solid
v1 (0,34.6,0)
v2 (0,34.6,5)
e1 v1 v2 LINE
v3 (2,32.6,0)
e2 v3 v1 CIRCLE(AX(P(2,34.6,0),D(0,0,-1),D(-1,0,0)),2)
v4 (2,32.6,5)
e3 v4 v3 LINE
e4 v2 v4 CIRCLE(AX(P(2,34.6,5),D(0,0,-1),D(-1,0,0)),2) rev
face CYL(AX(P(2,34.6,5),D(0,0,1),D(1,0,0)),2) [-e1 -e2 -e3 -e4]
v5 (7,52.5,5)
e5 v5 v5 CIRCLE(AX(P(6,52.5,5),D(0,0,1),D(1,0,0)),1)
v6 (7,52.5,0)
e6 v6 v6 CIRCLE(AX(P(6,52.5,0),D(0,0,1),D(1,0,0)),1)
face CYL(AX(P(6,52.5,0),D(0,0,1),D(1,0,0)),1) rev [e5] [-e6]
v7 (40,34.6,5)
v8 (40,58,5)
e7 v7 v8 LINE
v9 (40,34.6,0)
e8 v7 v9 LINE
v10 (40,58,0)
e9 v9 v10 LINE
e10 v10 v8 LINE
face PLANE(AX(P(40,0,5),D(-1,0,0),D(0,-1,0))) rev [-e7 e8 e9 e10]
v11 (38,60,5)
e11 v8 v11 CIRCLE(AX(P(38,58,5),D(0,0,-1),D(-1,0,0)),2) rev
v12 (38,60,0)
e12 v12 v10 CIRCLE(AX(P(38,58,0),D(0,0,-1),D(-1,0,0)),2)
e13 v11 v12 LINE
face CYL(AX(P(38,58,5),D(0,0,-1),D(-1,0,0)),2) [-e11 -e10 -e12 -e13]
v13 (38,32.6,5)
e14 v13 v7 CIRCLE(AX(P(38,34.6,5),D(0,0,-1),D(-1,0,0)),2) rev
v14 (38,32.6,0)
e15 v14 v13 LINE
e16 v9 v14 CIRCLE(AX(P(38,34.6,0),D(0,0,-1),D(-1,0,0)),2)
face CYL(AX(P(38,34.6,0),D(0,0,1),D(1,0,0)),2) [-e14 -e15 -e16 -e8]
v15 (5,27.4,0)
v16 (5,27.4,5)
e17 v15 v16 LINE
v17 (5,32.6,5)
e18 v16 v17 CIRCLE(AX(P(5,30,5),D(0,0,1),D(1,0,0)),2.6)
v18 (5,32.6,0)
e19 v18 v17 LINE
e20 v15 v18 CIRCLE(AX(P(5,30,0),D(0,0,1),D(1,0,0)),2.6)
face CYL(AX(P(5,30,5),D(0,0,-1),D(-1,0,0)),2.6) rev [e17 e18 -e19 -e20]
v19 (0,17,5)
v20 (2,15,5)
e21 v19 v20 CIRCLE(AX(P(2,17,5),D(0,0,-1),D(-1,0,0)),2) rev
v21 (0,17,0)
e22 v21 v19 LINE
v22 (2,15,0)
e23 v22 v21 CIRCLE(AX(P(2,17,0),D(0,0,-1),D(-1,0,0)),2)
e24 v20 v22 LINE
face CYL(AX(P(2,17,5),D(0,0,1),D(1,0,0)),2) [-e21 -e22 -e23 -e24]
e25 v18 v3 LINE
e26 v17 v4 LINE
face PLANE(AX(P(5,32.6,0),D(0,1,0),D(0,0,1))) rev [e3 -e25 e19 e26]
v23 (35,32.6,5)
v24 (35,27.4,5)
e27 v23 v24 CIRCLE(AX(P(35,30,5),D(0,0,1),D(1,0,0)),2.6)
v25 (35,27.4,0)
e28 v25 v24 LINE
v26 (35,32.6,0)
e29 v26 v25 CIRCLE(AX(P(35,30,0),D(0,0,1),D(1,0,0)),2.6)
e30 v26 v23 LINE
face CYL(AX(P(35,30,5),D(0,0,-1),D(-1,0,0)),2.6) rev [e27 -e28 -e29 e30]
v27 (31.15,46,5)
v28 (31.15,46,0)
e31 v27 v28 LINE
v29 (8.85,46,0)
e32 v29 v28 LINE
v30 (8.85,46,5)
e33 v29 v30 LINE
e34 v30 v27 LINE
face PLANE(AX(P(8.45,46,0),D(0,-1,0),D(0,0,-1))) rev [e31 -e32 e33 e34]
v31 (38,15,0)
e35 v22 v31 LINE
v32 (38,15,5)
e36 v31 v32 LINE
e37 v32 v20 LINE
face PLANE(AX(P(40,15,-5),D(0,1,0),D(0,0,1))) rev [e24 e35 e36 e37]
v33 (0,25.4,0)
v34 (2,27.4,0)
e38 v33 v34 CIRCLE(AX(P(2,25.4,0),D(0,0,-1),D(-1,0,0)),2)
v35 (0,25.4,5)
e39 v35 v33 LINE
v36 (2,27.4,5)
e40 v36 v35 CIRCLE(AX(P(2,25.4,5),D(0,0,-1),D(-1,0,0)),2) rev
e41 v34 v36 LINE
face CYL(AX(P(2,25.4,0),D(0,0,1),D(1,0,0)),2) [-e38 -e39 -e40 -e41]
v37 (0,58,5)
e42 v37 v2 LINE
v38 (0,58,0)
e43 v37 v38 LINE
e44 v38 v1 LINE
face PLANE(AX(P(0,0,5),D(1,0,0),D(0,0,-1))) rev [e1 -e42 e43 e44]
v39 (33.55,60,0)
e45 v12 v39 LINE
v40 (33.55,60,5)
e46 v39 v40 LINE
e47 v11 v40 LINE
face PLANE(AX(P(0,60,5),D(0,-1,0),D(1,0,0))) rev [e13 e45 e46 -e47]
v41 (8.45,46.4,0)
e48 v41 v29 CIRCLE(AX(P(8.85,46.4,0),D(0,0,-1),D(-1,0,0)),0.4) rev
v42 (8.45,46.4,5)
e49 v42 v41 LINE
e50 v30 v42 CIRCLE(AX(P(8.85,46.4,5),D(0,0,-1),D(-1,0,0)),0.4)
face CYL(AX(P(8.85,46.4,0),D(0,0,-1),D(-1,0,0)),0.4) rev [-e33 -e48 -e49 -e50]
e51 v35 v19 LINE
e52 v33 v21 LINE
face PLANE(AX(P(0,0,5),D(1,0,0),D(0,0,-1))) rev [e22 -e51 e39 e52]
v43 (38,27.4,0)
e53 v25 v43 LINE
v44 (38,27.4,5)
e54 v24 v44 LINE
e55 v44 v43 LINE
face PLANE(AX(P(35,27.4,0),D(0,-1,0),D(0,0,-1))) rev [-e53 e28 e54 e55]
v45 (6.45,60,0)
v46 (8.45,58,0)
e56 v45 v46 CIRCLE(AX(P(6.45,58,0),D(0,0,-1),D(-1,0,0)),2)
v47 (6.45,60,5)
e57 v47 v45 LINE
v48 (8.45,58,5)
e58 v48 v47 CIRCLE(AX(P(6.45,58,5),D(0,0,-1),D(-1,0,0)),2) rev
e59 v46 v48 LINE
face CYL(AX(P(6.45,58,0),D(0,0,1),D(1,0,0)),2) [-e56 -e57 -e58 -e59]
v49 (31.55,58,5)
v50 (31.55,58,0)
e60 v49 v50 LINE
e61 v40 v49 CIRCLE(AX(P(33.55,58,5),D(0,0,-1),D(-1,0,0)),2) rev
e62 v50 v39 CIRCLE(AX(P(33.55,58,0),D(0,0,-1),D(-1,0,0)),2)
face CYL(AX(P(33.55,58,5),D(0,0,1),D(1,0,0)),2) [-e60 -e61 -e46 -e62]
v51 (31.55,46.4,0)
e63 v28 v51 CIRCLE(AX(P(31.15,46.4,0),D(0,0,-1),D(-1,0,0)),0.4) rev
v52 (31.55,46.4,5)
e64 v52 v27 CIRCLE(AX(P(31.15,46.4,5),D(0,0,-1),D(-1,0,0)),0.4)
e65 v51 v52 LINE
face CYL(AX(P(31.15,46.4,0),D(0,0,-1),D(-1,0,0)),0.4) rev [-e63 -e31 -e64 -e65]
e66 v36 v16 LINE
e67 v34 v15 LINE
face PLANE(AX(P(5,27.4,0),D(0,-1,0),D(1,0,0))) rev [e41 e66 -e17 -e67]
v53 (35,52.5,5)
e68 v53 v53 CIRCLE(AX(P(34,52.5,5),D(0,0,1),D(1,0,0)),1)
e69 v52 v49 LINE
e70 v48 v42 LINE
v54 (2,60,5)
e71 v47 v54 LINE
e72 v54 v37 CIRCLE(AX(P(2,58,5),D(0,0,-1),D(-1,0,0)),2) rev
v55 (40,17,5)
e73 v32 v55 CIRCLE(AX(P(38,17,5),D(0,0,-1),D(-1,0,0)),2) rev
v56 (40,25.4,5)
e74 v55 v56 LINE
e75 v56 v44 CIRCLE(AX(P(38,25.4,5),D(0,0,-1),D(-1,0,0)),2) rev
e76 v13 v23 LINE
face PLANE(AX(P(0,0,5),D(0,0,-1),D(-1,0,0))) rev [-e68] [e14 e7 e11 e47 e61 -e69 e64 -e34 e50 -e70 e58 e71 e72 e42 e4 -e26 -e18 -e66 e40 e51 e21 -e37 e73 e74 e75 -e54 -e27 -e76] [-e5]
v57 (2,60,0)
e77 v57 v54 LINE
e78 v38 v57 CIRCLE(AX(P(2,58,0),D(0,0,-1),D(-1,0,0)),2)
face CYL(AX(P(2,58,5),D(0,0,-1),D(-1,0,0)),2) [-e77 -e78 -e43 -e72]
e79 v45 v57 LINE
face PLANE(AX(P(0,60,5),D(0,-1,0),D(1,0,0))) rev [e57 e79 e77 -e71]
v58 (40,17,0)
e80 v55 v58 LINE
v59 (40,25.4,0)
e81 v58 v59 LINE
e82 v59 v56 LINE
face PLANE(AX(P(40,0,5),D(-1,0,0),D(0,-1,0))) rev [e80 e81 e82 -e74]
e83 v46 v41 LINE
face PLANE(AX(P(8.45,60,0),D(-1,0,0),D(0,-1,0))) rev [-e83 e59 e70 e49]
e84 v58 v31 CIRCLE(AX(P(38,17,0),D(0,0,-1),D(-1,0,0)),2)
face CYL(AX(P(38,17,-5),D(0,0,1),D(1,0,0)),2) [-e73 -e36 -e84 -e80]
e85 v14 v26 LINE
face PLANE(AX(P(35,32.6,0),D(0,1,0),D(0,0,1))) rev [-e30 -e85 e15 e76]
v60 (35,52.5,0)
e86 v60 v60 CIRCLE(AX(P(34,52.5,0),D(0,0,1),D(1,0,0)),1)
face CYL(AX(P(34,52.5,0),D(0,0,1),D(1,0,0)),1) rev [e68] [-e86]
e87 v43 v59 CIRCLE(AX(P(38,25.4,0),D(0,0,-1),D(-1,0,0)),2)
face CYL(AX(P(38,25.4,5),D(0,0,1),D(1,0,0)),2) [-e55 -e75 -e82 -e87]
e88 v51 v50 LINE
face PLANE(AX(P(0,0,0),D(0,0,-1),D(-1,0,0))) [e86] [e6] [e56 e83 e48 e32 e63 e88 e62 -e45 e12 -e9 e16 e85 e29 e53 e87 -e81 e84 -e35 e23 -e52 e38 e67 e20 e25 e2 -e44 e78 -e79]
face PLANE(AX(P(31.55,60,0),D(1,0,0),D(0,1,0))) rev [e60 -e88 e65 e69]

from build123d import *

# Parameters (mm, degrees)
ESQUISSE1_W             = 40
ESQUISSE1_H             = 60
ESQUISSE1_R             = 2.6
BOSS_EXTRU_1_DEPTH      = 5
ESQUISSE2_W             = 23.1
ESQUISSE2_H             = 14
ENL_V_MAT_EXTRU_1_DEPTH = 73.284161474
CONG_1_R                = 2
CONG_2_R                = 0.4
ESQUISSE3_R             = 1
ENL_V_MAT_EXTRU_2_DEPTH = 73.284161474
ESQUISSE4_W             = 48.028106485
ESQUISSE4_H             = 39.571936154
ENL_V_MAT_EXTRU_3_DEPTH = 10
CONG_3_R                = 2


with BuildPart() as part:
    # Esquisse1 → Boss.-Extru.1 (new body)
    with BuildSketch(Plane.XY):
        with Locations((20, 30)):
            Rectangle(ESQUISSE1_W, ESQUISSE1_H)
        with Locations((5, 30)):
            Circle(ESQUISSE1_R, mode=Mode.SUBTRACT)
        with Locations((35, 30)):
            Circle(ESQUISSE1_R, mode=Mode.SUBTRACT)
    extrude(amount=BOSS_EXTRU_1_DEPTH)

    # Esquisse2 → Enlèv. mat.-Extru.1 (cut, through all)
    with BuildSketch(Plane.XY.offset(5)):
        with BuildLine():
            Line((5, 27.4), (0, 27.4))
            ThreePointArc((0, 27.4), (-2.6, 30), (0, 32.6))
            Line((0, 32.6), (5, 32.6))
            ThreePointArc((5, 32.6), (7.6, 30), (5, 27.4))
        make_face()
        with BuildLine():
            Line((35, 32.6), (40, 32.6))
            ThreePointArc((40, 32.6), (42.6, 30), (40, 27.4))
            Line((40, 27.4), (35, 27.4))
            ThreePointArc((35, 27.4), (32.4, 30), (35, 32.6))
        make_face()
        with Locations((20, 53)):
            Rectangle(ESQUISSE2_W, ESQUISSE2_H)
        with Locations((20, 7)):
            Rectangle(ESQUISSE2_W, ESQUISSE2_H)
    extrude(amount=-ENL_V_MAT_EXTRU_1_DEPTH, mode=Mode.SUBTRACT)

    # Congé1
    cong_1_edges = [part.edges().sort_by_distance(p)[0] for p in [
        (0, 27.4, 2.5),
        (0, 32.6, 2.5),
        (40, 32.6, 2.5),
        (40, 27.4, 2.5),
        (8.45, 60, 2.5),
        (31.55, 60, 2.5),
        (8.45, 0, 2.5),
        (31.55, 0, 2.5),
        (0, 60, 2.5),
        (40, 60, 2.5),
        (40, 0, 2.5),
        (0, 0, 2.5),
    ]]
    fillet(cong_1_edges, radius=CONG_1_R)

    # Congé2
    cong_2_edges = [part.edges().sort_by_distance(p)[0] for p in [
        (8.45, 46, 2.5),
        (31.55, 46, 2.5),
        (8.45, 14, 2.5),
        (31.55, 14, 2.5),
    ]]
    fillet(cong_2_edges, radius=CONG_2_R)

    # Esquisse3 → Enlèv. mat.-Extru.2 (cut, through all)
    with BuildSketch(Plane.XY.offset(5)):
        with Locations((34, 52.5)):
            Circle(ESQUISSE3_R)
        with Locations((6, 52.5)):
            Circle(ESQUISSE3_R)
        with Locations(Location((6, 7.5, 0), (0, 0, 180))):
            Circle(ESQUISSE3_R)
        with Locations(Location((34, 7.5, 0), (0, 0, 180))):
            Circle(ESQUISSE3_R)
    extrude(amount=-ENL_V_MAT_EXTRU_2_DEPTH, mode=Mode.SUBTRACT)

    # Esquisse4 → Enlèv. mat.-Extru.3 (cut)
    with BuildSketch(Plane.XY.offset(5)):
        with Locations((15.985946757, -4.785968077)):
            Rectangle(ESQUISSE4_W, ESQUISSE4_H)
    extrude(amount=-ENL_V_MAT_EXTRU_3_DEPTH, mode=Mode.SUBTRACT)

    # Congé3
    cong_3_edges = [part.edges().sort_by_distance(p)[0] for p in [
        (0, 15, 2.5),
        (40, 15, 2.5),
    ]]
    fillet(cong_3_edges, radius=CONG_3_R)


solid = part.part
